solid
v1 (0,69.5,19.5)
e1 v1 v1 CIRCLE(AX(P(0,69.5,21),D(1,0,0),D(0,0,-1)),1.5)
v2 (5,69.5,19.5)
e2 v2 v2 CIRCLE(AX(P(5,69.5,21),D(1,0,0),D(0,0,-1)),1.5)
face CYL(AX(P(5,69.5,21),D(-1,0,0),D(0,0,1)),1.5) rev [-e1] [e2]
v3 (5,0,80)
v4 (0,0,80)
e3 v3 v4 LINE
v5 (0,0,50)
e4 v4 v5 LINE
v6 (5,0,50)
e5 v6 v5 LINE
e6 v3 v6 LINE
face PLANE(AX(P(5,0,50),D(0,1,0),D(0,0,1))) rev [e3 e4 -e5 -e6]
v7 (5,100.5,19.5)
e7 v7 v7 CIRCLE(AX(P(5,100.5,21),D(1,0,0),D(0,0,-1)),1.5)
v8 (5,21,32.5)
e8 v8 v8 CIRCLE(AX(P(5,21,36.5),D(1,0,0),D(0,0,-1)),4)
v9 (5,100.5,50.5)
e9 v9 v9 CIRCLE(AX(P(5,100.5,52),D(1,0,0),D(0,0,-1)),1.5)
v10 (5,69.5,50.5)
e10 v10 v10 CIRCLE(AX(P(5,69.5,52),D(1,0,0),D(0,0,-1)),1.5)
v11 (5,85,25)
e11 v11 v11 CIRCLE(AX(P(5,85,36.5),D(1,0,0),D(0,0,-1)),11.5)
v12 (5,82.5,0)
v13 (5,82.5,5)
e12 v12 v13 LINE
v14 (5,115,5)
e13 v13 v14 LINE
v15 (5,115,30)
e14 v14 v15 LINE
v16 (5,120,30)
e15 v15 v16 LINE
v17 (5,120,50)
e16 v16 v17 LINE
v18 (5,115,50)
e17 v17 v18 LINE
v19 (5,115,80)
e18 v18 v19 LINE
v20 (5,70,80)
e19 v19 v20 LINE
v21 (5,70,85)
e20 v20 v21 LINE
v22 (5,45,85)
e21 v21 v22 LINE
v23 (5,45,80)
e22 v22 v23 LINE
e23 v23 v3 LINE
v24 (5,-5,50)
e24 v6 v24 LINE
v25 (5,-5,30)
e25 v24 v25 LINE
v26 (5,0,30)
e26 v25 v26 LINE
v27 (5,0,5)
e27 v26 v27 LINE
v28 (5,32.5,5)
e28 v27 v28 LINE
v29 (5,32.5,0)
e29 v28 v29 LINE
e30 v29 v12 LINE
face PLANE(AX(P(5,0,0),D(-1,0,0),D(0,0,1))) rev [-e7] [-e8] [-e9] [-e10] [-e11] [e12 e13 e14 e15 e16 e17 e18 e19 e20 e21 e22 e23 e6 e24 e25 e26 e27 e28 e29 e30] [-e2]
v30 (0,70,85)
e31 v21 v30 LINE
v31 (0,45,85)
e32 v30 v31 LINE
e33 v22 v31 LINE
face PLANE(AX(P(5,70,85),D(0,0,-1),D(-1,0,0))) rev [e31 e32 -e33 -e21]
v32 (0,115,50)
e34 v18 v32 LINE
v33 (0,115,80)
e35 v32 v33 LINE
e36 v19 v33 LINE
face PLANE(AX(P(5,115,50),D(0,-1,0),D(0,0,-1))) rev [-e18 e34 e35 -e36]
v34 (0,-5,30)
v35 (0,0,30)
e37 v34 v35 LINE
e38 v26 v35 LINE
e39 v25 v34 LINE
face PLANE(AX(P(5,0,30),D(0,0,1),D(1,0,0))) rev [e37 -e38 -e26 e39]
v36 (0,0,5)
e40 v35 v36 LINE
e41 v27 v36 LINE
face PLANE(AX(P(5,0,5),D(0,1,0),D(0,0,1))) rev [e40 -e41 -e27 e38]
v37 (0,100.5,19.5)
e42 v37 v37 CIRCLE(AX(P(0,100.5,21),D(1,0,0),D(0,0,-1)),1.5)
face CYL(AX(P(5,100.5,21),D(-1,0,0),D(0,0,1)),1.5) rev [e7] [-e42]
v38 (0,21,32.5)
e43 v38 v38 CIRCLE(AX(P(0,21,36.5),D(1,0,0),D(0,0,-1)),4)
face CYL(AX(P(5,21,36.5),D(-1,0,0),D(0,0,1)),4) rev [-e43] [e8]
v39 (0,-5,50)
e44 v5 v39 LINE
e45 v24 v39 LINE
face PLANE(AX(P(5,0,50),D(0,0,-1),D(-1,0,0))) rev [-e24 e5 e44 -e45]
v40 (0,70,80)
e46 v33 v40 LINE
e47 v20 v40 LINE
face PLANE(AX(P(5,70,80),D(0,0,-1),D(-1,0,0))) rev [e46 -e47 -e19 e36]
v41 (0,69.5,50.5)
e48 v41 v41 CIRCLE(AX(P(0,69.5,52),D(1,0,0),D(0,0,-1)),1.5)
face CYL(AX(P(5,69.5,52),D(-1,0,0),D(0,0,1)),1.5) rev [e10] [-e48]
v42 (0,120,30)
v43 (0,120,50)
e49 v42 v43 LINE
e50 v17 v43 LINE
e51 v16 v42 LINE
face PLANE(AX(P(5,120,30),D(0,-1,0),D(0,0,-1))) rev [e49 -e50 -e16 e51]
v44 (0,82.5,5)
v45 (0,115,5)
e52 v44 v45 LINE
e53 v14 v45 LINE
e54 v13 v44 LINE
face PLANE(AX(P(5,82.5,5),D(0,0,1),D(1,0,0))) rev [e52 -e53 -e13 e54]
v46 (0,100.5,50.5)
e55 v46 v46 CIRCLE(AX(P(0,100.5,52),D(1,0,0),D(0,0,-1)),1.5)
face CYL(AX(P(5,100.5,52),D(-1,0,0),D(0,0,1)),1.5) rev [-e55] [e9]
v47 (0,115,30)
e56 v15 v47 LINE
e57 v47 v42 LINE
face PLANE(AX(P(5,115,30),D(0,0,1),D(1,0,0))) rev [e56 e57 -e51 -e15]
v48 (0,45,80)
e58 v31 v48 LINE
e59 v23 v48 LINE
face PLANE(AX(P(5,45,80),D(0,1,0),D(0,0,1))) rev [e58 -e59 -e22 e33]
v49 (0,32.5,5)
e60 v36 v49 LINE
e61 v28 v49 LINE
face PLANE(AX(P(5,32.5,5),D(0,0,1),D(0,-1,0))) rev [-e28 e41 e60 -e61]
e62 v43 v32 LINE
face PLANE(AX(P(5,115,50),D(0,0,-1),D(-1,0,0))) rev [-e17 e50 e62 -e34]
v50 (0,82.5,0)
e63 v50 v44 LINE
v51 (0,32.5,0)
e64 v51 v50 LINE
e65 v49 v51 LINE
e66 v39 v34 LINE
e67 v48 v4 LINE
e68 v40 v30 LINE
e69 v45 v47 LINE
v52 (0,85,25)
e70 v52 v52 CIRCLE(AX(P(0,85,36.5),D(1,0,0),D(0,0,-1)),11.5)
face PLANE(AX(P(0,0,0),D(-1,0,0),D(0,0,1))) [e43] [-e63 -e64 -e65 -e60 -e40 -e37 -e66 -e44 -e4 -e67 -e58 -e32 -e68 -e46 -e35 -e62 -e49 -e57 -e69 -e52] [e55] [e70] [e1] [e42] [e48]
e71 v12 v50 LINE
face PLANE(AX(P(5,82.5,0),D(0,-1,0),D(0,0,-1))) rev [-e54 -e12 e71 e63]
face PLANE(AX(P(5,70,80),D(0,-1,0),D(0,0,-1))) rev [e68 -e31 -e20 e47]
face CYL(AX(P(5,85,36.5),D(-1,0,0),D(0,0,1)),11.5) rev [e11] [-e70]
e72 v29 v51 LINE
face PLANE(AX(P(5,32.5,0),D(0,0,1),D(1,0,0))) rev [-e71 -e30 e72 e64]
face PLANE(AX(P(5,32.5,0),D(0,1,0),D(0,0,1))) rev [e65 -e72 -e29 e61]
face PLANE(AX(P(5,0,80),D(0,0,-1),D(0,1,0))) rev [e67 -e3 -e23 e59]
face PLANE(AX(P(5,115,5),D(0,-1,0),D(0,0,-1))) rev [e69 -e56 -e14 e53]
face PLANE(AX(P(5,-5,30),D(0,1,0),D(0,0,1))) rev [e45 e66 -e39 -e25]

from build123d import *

# Parameters (mm, degrees)
SKETCH_1_R      = 4
SKETCH_1_R_2    = 11.5
SKETCH_1_R_3    = 1.5
EXTRUDE_1_DEPTH = 5


with BuildPart() as part:
    # 草图1 → 凸台-拉伸1 (new body)
    with BuildSketch(Plane(origin=(0, 0, 0), x_dir=(0, 0, -1), z_dir=(1, 0, 0))):
        Polygon((-80, 70), (-80, 115), (-50, 115), (-50, 120), (-30, 120), (-30, 115), (-5, 115), (-5, 82.5), (0, 82.5), (0, 32.5), (-5, 32.5), (-5, 0), (-30, 0), (-30, -5), (-50, -5), (-50, 0), (-80, 0), (-80, 45), (-85, 45), (-85, 70), align=None)
        with Locations((-36.5, 21)):
            Circle(SKETCH_1_R, mode=Mode.SUBTRACT)
        with Locations((-36.5, 85)):
            Circle(SKETCH_1_R_2, mode=Mode.SUBTRACT)
        with Locations((-52, 100.5)):
            Circle(SKETCH_1_R_3, mode=Mode.SUBTRACT)
        with Locations((-21, 100.5)):
            Circle(SKETCH_1_R_3, mode=Mode.SUBTRACT)
        with Locations((-21, 69.5)):
            Circle(SKETCH_1_R_3, mode=Mode.SUBTRACT)
        with Locations((-52, 69.5)):
            Circle(SKETCH_1_R_3, mode=Mode.SUBTRACT)
    extrude(amount=EXTRUDE_1_DEPTH)


solid = part.part
